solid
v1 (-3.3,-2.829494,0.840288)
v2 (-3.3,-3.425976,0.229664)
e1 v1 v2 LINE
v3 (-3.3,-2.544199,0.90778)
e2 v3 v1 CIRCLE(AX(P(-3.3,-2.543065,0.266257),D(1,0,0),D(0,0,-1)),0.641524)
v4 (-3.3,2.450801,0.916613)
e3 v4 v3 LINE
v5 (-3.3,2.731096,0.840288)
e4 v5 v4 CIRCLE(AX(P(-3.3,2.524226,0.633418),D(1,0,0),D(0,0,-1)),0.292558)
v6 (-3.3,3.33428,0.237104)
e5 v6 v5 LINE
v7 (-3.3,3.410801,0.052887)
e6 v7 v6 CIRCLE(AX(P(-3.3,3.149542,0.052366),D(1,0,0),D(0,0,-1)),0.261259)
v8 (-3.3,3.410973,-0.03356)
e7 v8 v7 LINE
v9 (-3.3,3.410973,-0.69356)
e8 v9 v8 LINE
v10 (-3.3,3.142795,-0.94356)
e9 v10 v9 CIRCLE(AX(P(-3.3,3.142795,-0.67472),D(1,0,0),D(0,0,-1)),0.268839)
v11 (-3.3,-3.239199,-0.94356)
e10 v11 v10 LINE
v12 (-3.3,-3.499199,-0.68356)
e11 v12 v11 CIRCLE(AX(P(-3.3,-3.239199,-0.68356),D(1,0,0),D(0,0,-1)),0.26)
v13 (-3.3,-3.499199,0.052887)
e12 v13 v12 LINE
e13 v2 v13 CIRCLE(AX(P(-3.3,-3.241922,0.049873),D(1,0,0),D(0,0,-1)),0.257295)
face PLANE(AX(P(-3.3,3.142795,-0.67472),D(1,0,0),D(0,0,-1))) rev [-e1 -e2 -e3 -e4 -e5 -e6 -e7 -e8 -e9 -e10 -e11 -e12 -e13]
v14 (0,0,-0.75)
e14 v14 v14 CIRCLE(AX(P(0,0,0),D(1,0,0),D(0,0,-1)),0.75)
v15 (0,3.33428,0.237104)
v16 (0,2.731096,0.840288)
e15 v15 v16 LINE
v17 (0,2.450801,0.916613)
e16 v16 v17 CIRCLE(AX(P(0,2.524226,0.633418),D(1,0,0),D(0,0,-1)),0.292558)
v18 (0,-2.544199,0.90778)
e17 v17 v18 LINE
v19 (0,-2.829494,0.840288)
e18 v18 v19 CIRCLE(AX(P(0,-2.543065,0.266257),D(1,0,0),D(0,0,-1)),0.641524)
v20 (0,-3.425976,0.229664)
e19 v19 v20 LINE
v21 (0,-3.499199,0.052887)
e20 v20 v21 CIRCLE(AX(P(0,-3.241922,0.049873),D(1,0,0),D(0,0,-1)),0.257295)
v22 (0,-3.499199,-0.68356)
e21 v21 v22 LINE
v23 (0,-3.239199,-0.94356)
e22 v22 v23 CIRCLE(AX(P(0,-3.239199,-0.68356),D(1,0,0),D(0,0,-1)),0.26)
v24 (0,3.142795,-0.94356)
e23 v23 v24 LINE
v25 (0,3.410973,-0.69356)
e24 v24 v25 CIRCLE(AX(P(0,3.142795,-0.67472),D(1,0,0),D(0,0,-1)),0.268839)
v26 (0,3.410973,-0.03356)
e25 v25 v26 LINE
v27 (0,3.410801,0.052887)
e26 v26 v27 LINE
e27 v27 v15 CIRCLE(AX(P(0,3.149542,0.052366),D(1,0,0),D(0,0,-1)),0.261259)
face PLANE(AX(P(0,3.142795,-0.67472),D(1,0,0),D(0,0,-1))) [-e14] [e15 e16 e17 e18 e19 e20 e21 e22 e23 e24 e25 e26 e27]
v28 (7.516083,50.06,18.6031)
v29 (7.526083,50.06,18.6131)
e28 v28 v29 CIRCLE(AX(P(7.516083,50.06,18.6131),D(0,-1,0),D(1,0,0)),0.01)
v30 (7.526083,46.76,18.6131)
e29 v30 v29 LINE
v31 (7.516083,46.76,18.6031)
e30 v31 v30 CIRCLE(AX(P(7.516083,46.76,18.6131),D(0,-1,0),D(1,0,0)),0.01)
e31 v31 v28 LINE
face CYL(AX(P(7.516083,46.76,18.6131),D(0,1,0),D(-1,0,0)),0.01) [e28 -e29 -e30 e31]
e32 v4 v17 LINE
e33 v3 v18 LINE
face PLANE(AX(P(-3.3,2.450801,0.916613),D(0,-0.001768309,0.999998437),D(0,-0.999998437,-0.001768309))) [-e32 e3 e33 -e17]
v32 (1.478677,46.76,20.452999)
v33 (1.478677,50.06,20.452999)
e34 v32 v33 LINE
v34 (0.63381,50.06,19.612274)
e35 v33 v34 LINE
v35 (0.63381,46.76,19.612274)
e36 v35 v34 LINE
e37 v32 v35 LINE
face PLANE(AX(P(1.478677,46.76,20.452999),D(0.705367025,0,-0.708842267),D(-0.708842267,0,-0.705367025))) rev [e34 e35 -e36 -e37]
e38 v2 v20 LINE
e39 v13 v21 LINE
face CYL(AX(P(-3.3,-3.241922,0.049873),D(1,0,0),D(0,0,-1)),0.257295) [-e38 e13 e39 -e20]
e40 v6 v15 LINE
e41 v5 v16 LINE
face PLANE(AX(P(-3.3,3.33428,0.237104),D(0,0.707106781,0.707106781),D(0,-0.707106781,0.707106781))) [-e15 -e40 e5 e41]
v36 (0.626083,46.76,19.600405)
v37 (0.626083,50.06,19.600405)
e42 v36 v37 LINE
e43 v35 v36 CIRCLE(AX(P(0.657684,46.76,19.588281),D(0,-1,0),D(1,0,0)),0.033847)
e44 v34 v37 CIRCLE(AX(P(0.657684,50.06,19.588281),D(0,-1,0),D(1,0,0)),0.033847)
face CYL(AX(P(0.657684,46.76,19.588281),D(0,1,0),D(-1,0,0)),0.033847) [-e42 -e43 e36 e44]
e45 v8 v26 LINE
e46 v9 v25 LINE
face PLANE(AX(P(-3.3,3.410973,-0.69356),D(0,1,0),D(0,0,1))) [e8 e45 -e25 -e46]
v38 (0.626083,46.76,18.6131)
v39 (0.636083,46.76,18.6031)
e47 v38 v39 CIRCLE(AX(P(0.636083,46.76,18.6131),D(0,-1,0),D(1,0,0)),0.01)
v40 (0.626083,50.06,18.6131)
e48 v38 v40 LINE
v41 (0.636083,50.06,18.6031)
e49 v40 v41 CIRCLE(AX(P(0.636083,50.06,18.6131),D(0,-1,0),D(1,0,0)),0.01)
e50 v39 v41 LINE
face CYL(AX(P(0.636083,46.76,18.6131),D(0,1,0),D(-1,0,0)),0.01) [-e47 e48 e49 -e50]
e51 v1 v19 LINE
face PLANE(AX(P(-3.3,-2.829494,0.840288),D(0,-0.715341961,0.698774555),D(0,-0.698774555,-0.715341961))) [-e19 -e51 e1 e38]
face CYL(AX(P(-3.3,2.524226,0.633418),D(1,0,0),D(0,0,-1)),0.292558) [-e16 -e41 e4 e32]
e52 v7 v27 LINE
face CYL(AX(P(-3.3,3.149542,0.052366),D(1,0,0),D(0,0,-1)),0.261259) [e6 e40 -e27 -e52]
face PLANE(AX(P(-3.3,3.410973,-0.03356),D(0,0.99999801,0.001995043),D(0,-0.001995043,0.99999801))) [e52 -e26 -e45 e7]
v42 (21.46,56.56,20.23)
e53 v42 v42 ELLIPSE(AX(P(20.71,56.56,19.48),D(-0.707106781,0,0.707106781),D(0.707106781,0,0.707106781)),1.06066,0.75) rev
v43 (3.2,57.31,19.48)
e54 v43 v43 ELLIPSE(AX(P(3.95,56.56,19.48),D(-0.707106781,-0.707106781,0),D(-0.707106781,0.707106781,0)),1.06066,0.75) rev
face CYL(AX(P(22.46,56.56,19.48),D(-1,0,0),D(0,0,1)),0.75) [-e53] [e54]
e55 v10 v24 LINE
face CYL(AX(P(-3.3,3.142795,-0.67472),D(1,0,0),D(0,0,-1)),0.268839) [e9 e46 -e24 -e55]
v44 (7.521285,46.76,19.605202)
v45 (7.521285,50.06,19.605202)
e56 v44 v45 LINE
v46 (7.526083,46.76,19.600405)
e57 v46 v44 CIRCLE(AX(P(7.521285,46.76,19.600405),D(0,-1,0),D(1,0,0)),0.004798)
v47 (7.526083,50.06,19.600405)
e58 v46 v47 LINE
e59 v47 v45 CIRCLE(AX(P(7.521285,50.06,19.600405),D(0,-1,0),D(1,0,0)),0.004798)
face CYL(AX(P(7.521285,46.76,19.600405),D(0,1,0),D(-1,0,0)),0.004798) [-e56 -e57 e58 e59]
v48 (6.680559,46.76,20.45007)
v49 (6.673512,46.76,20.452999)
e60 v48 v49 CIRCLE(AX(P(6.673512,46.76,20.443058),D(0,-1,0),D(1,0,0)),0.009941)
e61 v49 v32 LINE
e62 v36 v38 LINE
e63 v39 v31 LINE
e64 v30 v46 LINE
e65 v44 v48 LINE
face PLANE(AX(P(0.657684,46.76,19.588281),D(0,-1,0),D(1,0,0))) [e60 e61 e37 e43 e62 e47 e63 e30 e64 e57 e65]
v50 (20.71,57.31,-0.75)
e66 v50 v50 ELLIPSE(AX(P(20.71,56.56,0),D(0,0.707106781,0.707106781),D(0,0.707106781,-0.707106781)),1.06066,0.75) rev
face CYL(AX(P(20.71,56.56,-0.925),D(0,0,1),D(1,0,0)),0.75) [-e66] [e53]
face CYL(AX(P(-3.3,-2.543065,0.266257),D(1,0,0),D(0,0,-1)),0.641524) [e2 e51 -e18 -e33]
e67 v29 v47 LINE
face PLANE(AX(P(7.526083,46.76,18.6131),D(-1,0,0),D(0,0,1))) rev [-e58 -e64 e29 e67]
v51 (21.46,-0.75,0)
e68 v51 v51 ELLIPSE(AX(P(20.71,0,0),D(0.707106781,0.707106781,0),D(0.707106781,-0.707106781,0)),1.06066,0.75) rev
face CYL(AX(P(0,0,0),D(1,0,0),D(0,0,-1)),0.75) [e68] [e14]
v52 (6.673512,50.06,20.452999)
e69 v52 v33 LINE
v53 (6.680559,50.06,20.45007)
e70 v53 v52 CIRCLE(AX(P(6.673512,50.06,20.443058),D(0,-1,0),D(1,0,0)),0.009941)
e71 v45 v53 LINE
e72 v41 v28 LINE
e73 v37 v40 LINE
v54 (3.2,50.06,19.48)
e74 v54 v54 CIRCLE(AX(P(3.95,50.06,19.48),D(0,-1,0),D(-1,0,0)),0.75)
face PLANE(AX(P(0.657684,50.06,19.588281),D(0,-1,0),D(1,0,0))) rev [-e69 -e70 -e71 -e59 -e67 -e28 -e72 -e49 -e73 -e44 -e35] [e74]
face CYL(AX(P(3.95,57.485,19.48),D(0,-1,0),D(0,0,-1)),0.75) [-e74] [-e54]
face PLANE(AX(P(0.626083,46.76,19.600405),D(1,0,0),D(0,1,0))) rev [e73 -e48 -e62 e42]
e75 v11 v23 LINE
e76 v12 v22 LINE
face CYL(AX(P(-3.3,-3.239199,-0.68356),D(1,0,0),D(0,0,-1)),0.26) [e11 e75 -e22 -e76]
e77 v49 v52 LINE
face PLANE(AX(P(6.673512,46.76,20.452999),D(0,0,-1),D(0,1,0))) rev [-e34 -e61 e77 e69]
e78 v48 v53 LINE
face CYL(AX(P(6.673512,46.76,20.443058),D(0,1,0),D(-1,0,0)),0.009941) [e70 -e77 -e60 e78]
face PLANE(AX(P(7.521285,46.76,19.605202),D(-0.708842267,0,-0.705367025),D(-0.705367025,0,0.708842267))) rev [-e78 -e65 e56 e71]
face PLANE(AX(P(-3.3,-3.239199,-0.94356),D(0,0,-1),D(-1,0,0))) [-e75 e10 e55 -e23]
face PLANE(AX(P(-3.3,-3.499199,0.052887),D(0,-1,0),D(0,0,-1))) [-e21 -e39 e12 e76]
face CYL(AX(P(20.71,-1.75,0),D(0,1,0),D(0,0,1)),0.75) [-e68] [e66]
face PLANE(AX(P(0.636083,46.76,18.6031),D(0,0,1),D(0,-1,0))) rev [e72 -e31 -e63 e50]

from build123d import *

# Parameters (mm, degrees)
ESQUISSE1_R        = 0.75
BOSS_EXTRU_1_DEPTH = 3.3
BOSS_EXTRU_2_DEPTH = 3.3


with BuildPart() as part:
    # Balayage1: sweep along a curve in space
    with BuildLine() as balayage1_path:
        Line((0, 0, 0), (20.71, 0, 0))
        Line((20.71, 0, 0), (20.71, 56.56, 0))
        Line((20.71, 56.56, 0), (20.71, 56.56, 19.48))
        Line((20.71, 56.56, 19.48), (3.95, 56.56, 19.48))
        Line((3.95, 56.56, 19.48), (3.95, 50.06, 19.48))
    # Esquisse1 → Balayage1 (sweep)
    with BuildSketch(Plane(origin=(0, 0, 0), x_dir=(0, 0, -1), z_dir=(1, 0, 0))):
        Circle(ESQUISSE1_R)
    sweep(path=balayage1_path.line, transition=Transition.RIGHT)

    # Esquisse2 → Boss.-Extru.1 (add)
    with BuildSketch(Plane.ZY):
        with BuildLine():
            Line((-0.693559654, 3.410973121), (-0.033559654, 3.410973121))
            Line((-0.033559654, 3.410973121), (0.052886955, 3.410800656))
            ThreePointArc((0.052886955, 3.410800656), (0.152585895, 3.390814178), (0.237103646, 3.334280227))
            Line((0.237103646, 3.334280227), (0.840288261, 2.731095613))
            ThreePointArc((0.840288261, 2.731095613), (0.915698502, 2.601090787), (0.916612811, 2.450800656))
            Line((0.916612811, 2.450800656), (0.907780092, -2.544199344))
            ThreePointArc((0.907780092, -2.544199344), (0.890549579, -2.690753591), (0.840288109, -2.829493716))
            Line((0.840288109, -2.829493716), (0.229663651, -3.425976039))
            ThreePointArc((0.229663651, -3.425976039), (0.148335129, -3.479631619), (0.052886955, -3.499199344))
            Line((0.052886955, -3.499199344), (-0.683559654, -3.499199344))
            ThreePointArc((-0.683559654, -3.499199344), (-0.867407417, -3.423047107), (-0.943559654, -3.239199344))
            Line((-0.943559654, -3.239199344), (-0.943559654, 3.142794831))
            ThreePointArc((-0.943559654, 3.142794831), (-0.871366367, 3.326111221), (-0.693559654, 3.410973121))
        make_face()
    extrude(amount=BOSS_EXTRU_1_DEPTH)

    # Esquisse8 → Boss.-Extru.2 (add)
    with BuildSketch(Plane.XZ.offset(-50.06)):
        with BuildLine():
            Line((0.626082703, 19.600404574), (0.626082703, 18.6131001))
            ThreePointArc((0.626082703, 18.6131001), (0.629011635, 18.606029032), (0.636082703, 18.6031001))
            Line((0.636082703, 18.6031001), (7.516082703, 18.6031001))
            ThreePointArc((7.516082703, 18.6031001), (7.523153771, 18.606029032), (7.526082703, 18.6131001))
            Line((7.526082703, 18.6131001), (7.526082703, 19.600404544))
            ThreePointArc((7.526082703, 19.600404544), (7.524677417, 19.603797205), (7.521284755, 19.605202492))
            Line((7.521284755, 19.605202492), (6.680559004, 20.450070379))
            ThreePointArc((6.680559004, 20.450070379), (6.677327923, 20.452237942), (6.673512365, 20.452999341))
            Line((6.673512365, 20.452999341), (1.47867747, 20.452999341))
            Line((1.47867747, 20.452999341), (0.633809583, 19.612273589))
            ThreePointArc((0.633809583, 19.612273589), (0.629318413, 19.606747742), (0.626082703, 19.600404574))
        make_face()
    extrude(amount=BOSS_EXTRU_2_DEPTH)


solid = part.part
